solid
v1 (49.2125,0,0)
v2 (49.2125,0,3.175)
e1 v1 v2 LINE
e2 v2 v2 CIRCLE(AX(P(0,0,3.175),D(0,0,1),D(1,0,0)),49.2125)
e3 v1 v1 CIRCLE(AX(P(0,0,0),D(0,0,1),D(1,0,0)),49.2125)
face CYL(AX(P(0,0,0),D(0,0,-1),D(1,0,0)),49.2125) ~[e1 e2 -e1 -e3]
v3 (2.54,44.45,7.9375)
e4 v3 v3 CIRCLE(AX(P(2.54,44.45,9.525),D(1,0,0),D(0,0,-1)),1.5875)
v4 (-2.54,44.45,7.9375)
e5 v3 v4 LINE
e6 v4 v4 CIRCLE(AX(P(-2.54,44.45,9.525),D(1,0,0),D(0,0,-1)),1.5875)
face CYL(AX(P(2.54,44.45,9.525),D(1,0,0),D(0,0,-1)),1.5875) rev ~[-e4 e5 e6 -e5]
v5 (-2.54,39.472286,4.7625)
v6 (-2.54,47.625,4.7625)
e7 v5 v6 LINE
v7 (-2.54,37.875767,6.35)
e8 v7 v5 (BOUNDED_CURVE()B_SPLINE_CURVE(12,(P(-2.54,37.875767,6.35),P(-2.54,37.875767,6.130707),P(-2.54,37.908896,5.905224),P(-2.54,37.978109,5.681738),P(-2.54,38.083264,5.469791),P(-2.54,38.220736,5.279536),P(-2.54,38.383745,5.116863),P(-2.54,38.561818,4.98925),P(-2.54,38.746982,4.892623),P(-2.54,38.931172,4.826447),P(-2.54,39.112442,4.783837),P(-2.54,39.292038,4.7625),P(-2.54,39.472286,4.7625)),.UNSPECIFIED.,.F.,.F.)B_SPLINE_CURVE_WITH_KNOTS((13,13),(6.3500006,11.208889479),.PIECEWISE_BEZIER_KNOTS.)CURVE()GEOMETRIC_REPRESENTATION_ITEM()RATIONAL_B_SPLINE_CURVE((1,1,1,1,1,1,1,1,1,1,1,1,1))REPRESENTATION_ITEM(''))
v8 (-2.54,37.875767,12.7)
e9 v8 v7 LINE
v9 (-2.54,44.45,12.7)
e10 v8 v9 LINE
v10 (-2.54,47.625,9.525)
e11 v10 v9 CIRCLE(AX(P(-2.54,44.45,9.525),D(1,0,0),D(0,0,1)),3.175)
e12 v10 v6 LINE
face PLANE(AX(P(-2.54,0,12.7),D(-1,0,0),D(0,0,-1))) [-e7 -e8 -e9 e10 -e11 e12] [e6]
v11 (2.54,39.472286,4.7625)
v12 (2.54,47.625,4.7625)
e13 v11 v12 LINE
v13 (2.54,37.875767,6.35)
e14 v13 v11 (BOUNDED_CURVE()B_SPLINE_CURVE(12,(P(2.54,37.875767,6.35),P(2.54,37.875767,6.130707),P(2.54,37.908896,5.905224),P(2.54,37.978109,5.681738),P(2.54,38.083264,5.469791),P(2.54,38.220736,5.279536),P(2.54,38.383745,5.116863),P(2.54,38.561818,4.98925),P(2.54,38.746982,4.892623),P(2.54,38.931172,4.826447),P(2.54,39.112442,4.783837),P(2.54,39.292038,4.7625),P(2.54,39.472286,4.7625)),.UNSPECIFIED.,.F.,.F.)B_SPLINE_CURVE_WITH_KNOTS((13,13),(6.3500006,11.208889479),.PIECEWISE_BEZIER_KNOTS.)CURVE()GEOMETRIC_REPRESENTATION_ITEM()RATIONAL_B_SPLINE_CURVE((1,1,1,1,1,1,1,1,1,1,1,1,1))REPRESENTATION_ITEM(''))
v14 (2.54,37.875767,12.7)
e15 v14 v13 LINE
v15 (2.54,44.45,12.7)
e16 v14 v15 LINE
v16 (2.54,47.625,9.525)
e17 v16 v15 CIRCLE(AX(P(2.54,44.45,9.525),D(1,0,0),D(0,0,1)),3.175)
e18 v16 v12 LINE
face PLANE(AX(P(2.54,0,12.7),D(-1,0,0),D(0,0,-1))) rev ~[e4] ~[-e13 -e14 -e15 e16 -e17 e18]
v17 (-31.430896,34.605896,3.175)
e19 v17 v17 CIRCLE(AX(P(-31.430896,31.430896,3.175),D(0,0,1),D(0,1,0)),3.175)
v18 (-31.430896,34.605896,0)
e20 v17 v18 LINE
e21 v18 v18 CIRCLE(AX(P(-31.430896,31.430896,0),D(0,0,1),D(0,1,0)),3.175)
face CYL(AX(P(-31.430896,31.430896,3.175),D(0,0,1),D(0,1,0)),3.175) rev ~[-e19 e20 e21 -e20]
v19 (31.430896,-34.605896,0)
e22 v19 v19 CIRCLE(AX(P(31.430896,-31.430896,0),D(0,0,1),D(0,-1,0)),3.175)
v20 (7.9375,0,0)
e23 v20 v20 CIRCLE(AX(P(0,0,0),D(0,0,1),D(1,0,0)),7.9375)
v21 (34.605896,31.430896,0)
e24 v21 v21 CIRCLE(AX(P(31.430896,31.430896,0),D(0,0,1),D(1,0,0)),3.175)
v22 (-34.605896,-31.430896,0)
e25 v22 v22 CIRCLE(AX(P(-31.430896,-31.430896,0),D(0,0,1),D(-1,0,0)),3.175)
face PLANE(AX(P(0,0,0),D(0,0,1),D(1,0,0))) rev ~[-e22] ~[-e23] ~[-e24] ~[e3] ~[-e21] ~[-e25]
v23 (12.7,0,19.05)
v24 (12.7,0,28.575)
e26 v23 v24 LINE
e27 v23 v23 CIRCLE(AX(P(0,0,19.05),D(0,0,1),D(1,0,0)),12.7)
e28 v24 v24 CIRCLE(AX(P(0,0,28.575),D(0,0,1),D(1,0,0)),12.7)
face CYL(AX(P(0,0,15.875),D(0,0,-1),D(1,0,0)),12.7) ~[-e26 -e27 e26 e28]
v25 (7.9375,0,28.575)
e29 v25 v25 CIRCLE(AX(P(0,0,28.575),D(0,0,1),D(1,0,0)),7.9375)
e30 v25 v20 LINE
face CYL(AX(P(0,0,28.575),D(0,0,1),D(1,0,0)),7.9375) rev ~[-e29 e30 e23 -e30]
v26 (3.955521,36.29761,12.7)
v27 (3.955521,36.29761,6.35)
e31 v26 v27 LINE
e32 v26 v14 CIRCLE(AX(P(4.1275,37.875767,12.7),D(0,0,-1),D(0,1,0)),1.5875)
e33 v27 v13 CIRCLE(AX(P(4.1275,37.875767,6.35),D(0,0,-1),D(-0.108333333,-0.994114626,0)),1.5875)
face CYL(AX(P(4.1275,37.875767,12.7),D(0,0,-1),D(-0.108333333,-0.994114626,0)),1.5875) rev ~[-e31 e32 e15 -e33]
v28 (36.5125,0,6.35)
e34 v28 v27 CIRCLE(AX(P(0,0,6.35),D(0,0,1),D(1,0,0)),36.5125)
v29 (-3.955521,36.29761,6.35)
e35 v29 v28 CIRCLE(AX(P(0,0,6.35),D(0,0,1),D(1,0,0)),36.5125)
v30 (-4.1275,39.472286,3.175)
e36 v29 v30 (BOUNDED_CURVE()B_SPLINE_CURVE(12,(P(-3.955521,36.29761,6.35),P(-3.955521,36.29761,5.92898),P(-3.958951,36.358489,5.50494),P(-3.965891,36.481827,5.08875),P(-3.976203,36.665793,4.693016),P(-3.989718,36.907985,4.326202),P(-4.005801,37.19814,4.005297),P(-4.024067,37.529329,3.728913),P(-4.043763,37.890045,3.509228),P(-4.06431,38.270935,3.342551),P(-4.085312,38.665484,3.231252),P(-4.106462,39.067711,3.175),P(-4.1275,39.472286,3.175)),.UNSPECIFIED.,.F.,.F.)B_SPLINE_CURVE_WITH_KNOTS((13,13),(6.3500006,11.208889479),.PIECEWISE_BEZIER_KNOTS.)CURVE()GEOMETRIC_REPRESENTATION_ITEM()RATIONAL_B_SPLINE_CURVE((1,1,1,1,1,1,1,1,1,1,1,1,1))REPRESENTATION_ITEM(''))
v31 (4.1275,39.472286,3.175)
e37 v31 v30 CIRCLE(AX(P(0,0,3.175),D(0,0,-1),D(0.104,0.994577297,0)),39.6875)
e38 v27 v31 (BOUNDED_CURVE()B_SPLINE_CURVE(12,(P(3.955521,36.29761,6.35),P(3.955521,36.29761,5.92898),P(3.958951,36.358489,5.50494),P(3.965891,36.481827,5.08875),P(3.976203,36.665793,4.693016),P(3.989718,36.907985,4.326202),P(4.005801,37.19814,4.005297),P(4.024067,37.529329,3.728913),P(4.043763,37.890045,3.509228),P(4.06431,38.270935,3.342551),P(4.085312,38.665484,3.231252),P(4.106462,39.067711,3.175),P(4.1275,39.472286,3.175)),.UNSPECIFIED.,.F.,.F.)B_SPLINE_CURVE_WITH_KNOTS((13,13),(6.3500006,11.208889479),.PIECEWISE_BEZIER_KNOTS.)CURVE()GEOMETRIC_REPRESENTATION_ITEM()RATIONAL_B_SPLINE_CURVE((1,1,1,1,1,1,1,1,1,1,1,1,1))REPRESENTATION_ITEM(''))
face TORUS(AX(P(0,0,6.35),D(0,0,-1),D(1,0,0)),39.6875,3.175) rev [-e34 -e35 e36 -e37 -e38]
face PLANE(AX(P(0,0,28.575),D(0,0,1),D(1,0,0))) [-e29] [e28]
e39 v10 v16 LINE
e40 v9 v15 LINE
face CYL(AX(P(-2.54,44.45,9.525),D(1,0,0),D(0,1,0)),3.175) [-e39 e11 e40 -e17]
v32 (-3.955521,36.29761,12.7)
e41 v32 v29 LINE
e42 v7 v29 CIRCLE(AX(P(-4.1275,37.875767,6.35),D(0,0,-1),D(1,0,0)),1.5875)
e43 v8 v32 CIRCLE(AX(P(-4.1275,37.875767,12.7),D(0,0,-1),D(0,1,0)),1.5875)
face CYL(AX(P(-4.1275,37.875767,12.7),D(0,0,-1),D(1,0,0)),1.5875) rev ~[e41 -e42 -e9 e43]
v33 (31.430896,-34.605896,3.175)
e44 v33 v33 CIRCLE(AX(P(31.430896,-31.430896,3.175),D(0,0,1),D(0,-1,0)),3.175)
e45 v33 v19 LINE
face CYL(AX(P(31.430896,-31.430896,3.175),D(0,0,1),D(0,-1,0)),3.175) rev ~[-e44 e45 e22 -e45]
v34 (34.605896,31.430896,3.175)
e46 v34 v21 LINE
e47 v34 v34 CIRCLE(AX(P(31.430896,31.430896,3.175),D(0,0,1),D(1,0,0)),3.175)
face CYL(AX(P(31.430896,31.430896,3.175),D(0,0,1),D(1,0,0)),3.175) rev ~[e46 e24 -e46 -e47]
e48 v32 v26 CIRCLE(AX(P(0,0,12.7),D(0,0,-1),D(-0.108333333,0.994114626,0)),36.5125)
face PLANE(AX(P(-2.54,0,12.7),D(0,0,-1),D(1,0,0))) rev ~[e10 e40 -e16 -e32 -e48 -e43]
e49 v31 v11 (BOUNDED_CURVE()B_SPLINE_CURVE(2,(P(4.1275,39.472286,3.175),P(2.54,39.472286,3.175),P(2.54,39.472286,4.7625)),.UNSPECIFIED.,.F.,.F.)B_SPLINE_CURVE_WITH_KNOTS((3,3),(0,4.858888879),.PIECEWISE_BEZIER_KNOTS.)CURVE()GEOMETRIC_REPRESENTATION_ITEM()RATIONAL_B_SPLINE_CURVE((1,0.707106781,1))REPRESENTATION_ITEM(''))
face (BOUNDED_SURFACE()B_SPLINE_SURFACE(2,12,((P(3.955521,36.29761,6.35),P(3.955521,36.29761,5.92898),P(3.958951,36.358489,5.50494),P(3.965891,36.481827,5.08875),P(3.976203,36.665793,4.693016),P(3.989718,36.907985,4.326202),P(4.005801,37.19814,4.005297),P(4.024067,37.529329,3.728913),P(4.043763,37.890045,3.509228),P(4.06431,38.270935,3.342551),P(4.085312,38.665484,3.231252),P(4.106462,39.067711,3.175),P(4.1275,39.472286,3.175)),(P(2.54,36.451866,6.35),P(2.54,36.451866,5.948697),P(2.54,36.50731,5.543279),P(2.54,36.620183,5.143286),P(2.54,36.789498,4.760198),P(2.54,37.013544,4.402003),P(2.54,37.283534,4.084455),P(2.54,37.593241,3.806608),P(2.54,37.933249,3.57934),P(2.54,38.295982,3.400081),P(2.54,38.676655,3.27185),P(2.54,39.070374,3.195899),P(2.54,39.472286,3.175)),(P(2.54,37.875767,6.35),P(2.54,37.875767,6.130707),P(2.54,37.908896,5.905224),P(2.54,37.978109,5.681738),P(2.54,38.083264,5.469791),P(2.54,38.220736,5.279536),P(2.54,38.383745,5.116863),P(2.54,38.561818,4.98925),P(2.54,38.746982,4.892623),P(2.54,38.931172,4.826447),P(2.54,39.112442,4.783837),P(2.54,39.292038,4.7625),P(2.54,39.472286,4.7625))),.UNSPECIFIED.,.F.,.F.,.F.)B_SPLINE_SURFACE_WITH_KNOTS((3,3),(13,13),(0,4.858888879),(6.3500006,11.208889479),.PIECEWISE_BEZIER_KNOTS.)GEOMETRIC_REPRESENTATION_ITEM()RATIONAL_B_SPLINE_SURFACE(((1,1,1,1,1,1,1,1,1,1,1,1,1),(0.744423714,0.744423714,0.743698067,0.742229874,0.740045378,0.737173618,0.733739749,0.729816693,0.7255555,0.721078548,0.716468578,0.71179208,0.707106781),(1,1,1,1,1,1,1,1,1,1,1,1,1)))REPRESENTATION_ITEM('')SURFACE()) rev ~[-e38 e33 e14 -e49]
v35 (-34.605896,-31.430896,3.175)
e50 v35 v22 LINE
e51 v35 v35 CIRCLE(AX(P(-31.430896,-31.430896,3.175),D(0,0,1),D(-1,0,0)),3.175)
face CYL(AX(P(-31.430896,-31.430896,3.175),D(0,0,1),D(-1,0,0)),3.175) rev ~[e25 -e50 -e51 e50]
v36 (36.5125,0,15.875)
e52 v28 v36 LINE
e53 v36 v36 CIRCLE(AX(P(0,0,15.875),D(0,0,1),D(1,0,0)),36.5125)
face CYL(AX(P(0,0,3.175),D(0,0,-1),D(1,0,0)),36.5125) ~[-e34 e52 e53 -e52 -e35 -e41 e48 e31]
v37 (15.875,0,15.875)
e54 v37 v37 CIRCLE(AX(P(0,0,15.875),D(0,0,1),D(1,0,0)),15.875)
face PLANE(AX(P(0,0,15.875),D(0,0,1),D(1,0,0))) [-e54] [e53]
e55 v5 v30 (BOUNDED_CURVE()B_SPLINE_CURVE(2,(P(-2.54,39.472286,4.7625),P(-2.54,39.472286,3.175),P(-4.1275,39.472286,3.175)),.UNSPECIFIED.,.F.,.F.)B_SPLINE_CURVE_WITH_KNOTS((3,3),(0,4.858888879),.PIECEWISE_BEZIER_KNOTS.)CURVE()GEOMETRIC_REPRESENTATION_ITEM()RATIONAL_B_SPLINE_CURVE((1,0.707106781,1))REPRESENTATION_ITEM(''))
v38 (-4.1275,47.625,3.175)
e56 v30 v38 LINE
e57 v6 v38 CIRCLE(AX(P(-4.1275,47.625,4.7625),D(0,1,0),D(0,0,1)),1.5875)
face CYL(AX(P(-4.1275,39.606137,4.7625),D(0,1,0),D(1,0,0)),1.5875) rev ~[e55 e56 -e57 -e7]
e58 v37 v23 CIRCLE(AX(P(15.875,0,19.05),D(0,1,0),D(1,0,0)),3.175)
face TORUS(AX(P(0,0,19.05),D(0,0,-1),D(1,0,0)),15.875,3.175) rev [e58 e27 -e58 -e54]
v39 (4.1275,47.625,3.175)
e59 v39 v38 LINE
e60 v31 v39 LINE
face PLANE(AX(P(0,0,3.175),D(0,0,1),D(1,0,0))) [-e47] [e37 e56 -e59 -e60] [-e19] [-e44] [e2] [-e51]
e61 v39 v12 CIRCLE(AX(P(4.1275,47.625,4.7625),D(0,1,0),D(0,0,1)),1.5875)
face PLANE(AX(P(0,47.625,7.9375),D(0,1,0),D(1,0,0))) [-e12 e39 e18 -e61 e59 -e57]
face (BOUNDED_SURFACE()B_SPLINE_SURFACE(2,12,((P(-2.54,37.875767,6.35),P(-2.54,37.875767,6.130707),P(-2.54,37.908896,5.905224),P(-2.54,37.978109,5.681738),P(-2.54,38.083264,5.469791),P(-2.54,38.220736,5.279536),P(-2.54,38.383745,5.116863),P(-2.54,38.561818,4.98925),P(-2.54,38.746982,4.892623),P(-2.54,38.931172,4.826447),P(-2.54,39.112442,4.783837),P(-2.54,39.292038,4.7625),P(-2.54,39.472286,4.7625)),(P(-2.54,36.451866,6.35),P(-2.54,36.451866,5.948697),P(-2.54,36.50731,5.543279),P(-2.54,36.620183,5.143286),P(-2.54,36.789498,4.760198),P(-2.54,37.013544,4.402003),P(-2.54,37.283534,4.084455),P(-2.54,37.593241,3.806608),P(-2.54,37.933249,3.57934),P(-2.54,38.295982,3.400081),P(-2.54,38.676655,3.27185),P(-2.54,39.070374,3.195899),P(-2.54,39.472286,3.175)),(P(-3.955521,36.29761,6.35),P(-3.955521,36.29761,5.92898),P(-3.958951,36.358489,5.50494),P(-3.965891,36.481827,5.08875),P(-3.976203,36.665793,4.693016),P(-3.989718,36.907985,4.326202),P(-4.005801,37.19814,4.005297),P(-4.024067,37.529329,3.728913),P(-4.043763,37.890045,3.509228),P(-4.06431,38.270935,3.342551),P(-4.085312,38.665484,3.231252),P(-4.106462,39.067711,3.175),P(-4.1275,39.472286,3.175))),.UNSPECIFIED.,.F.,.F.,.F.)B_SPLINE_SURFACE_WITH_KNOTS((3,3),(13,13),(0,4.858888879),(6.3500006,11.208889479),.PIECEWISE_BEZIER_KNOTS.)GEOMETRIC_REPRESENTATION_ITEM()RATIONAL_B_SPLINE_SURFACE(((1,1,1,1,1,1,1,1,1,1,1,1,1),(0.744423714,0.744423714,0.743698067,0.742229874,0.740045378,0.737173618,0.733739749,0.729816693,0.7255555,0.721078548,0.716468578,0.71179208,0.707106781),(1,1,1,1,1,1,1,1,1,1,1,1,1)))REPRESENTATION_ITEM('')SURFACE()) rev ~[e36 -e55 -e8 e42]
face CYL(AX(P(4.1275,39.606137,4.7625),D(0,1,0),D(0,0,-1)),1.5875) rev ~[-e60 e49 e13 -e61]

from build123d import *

# Parameters (mm, degrees)
SKETCH1_R           = 49.2125
BASE_EXTRUDE_DEPTH  = 3.175
SKETCH5_R           = 3.175
CUT_EXTRUDE2_DEPTH  = 4.175
CIRPATTERN1_COUNT   = 4
SKETCH2_R           = 36.5125
BOSS_EXTRUDE1_DEPTH = 12.7
SKETCH3_R           = 12.7
BOSS_EXTRUDE2_DEPTH = 12.7
FILLET1_R           = 3.175
SKETCH6_W           = 5.08
SKETCH6_H           = 9.525
BOSS_EXTRUDE3_DEPTH = 47.625
SKETCH4_R           = 7.9375
CUT_EXTRUDE1_DEPTH  = 29.575
FILLET2_R           = 3.175
CUT_EXTRUDE3_REACH  = 53.752
SKETCH7_R           = 1.5875
FILLET3_R           = 1.5875


with BuildPart() as part:
    # Sketch1 → Base-Extrude (new body)
    with BuildSketch(Plane.XY):
        Circle(SKETCH1_R)
    extrude(amount=BASE_EXTRUDE_DEPTH)

    # Sketch5 → Cut-Extrude2 (cut, through all)
    with BuildSketch(Plane.XY.offset(3.175)):
        with Locations((31.430896424, 31.430896424)):
            Circle(SKETCH5_R)
    cut_extrude2 = extrude(amount=-CUT_EXTRUDE2_DEPTH, mode=Mode.SUBTRACT)

    # CirPattern1: Cut-Extrude2 ×4 about axis
    cirpattern1_axis = Axis((0, 0, 0), (0, 0, 1))
    for i in range(1, CIRPATTERN1_COUNT):
        add(cut_extrude2.rotate(cirpattern1_axis, i * 360 / CIRPATTERN1_COUNT), mode=Mode.SUBTRACT)

    # Sketch2 → Boss-Extrude1 (add)
    with BuildSketch(Plane.XY.offset(3.175)):
        Circle(SKETCH2_R)
    extrude(amount=BOSS_EXTRUDE1_DEPTH)

    # Sketch3 → Boss-Extrude2 (add)
    with BuildSketch(Plane.XY.offset(15.875)):
        Circle(SKETCH3_R)
    extrude(amount=BOSS_EXTRUDE2_DEPTH)

    # Fillet1
    fillet1_edges = [part.edges().sort_by_distance(p)[0] for p in [
        (-36.5125, 0, 3.175),
        (-12.7, 0, 15.875),
    ]]
    fillet(fillet1_edges, radius=FILLET1_R)

    # Sketch6 → Boss-Extrude3 (add)
    with BuildSketch(Plane(origin=(0, 0, 0), x_dir=(1, 0, 0), z_dir=(0, 1, 0))):
        with Locations((0, -7.9375)):
            Rectangle(SKETCH6_W, SKETCH6_H)
    extrude(amount=BOSS_EXTRUDE3_DEPTH)

    # Sketch4 → Cut-Extrude1 (cut, through all)
    with BuildSketch(Plane.XY.offset(28.575)):
        Circle(SKETCH4_R)
    extrude(amount=-CUT_EXTRUDE1_DEPTH, mode=Mode.SUBTRACT)

    # Fillet2
    fillet2_edges = [part.edges().sort_by_distance(p)[0] for p in [
        (0, 47.625, 12.7),
    ]]
    fillet(fillet2_edges, radius=FILLET2_R)

    # Sketch7 → Cut-Extrude3 (cut, up to next)
    with BuildSketch(Plane(origin=(2.54, 0, 0), x_dir=(0, 0, -1), z_dir=(1, 0, 0)), mode=Mode.PRIVATE) as cut_extrude3_sk1:
        with Locations((-9.525, 44.45)):
            Circle(SKETCH7_R)
    cut_extrude3_tool1 = extrude(cut_extrude3_sk1.sketch, amount=-CUT_EXTRUDE3_REACH, mode=Mode.PRIVATE) & part.part
    add(cut_extrude3_tool1.solids().sort_by_distance((2.54, 44.45, 9.525))[0], mode=Mode.SUBTRACT)

    # Fillet3
    fillet3_edges = [part.edges().sort_by_distance(p)[0] for p in [
        (-2.54, 36.424045029, 9.5249997),
        (-2.54, 43.615568299, 3.175),
        (2.54, 43.615568299, 3.175),
        (2.54, 36.424045029, 9.5249997),
    ]]
    fillet(fillet3_edges, radius=FILLET3_R)


solid = part.part
